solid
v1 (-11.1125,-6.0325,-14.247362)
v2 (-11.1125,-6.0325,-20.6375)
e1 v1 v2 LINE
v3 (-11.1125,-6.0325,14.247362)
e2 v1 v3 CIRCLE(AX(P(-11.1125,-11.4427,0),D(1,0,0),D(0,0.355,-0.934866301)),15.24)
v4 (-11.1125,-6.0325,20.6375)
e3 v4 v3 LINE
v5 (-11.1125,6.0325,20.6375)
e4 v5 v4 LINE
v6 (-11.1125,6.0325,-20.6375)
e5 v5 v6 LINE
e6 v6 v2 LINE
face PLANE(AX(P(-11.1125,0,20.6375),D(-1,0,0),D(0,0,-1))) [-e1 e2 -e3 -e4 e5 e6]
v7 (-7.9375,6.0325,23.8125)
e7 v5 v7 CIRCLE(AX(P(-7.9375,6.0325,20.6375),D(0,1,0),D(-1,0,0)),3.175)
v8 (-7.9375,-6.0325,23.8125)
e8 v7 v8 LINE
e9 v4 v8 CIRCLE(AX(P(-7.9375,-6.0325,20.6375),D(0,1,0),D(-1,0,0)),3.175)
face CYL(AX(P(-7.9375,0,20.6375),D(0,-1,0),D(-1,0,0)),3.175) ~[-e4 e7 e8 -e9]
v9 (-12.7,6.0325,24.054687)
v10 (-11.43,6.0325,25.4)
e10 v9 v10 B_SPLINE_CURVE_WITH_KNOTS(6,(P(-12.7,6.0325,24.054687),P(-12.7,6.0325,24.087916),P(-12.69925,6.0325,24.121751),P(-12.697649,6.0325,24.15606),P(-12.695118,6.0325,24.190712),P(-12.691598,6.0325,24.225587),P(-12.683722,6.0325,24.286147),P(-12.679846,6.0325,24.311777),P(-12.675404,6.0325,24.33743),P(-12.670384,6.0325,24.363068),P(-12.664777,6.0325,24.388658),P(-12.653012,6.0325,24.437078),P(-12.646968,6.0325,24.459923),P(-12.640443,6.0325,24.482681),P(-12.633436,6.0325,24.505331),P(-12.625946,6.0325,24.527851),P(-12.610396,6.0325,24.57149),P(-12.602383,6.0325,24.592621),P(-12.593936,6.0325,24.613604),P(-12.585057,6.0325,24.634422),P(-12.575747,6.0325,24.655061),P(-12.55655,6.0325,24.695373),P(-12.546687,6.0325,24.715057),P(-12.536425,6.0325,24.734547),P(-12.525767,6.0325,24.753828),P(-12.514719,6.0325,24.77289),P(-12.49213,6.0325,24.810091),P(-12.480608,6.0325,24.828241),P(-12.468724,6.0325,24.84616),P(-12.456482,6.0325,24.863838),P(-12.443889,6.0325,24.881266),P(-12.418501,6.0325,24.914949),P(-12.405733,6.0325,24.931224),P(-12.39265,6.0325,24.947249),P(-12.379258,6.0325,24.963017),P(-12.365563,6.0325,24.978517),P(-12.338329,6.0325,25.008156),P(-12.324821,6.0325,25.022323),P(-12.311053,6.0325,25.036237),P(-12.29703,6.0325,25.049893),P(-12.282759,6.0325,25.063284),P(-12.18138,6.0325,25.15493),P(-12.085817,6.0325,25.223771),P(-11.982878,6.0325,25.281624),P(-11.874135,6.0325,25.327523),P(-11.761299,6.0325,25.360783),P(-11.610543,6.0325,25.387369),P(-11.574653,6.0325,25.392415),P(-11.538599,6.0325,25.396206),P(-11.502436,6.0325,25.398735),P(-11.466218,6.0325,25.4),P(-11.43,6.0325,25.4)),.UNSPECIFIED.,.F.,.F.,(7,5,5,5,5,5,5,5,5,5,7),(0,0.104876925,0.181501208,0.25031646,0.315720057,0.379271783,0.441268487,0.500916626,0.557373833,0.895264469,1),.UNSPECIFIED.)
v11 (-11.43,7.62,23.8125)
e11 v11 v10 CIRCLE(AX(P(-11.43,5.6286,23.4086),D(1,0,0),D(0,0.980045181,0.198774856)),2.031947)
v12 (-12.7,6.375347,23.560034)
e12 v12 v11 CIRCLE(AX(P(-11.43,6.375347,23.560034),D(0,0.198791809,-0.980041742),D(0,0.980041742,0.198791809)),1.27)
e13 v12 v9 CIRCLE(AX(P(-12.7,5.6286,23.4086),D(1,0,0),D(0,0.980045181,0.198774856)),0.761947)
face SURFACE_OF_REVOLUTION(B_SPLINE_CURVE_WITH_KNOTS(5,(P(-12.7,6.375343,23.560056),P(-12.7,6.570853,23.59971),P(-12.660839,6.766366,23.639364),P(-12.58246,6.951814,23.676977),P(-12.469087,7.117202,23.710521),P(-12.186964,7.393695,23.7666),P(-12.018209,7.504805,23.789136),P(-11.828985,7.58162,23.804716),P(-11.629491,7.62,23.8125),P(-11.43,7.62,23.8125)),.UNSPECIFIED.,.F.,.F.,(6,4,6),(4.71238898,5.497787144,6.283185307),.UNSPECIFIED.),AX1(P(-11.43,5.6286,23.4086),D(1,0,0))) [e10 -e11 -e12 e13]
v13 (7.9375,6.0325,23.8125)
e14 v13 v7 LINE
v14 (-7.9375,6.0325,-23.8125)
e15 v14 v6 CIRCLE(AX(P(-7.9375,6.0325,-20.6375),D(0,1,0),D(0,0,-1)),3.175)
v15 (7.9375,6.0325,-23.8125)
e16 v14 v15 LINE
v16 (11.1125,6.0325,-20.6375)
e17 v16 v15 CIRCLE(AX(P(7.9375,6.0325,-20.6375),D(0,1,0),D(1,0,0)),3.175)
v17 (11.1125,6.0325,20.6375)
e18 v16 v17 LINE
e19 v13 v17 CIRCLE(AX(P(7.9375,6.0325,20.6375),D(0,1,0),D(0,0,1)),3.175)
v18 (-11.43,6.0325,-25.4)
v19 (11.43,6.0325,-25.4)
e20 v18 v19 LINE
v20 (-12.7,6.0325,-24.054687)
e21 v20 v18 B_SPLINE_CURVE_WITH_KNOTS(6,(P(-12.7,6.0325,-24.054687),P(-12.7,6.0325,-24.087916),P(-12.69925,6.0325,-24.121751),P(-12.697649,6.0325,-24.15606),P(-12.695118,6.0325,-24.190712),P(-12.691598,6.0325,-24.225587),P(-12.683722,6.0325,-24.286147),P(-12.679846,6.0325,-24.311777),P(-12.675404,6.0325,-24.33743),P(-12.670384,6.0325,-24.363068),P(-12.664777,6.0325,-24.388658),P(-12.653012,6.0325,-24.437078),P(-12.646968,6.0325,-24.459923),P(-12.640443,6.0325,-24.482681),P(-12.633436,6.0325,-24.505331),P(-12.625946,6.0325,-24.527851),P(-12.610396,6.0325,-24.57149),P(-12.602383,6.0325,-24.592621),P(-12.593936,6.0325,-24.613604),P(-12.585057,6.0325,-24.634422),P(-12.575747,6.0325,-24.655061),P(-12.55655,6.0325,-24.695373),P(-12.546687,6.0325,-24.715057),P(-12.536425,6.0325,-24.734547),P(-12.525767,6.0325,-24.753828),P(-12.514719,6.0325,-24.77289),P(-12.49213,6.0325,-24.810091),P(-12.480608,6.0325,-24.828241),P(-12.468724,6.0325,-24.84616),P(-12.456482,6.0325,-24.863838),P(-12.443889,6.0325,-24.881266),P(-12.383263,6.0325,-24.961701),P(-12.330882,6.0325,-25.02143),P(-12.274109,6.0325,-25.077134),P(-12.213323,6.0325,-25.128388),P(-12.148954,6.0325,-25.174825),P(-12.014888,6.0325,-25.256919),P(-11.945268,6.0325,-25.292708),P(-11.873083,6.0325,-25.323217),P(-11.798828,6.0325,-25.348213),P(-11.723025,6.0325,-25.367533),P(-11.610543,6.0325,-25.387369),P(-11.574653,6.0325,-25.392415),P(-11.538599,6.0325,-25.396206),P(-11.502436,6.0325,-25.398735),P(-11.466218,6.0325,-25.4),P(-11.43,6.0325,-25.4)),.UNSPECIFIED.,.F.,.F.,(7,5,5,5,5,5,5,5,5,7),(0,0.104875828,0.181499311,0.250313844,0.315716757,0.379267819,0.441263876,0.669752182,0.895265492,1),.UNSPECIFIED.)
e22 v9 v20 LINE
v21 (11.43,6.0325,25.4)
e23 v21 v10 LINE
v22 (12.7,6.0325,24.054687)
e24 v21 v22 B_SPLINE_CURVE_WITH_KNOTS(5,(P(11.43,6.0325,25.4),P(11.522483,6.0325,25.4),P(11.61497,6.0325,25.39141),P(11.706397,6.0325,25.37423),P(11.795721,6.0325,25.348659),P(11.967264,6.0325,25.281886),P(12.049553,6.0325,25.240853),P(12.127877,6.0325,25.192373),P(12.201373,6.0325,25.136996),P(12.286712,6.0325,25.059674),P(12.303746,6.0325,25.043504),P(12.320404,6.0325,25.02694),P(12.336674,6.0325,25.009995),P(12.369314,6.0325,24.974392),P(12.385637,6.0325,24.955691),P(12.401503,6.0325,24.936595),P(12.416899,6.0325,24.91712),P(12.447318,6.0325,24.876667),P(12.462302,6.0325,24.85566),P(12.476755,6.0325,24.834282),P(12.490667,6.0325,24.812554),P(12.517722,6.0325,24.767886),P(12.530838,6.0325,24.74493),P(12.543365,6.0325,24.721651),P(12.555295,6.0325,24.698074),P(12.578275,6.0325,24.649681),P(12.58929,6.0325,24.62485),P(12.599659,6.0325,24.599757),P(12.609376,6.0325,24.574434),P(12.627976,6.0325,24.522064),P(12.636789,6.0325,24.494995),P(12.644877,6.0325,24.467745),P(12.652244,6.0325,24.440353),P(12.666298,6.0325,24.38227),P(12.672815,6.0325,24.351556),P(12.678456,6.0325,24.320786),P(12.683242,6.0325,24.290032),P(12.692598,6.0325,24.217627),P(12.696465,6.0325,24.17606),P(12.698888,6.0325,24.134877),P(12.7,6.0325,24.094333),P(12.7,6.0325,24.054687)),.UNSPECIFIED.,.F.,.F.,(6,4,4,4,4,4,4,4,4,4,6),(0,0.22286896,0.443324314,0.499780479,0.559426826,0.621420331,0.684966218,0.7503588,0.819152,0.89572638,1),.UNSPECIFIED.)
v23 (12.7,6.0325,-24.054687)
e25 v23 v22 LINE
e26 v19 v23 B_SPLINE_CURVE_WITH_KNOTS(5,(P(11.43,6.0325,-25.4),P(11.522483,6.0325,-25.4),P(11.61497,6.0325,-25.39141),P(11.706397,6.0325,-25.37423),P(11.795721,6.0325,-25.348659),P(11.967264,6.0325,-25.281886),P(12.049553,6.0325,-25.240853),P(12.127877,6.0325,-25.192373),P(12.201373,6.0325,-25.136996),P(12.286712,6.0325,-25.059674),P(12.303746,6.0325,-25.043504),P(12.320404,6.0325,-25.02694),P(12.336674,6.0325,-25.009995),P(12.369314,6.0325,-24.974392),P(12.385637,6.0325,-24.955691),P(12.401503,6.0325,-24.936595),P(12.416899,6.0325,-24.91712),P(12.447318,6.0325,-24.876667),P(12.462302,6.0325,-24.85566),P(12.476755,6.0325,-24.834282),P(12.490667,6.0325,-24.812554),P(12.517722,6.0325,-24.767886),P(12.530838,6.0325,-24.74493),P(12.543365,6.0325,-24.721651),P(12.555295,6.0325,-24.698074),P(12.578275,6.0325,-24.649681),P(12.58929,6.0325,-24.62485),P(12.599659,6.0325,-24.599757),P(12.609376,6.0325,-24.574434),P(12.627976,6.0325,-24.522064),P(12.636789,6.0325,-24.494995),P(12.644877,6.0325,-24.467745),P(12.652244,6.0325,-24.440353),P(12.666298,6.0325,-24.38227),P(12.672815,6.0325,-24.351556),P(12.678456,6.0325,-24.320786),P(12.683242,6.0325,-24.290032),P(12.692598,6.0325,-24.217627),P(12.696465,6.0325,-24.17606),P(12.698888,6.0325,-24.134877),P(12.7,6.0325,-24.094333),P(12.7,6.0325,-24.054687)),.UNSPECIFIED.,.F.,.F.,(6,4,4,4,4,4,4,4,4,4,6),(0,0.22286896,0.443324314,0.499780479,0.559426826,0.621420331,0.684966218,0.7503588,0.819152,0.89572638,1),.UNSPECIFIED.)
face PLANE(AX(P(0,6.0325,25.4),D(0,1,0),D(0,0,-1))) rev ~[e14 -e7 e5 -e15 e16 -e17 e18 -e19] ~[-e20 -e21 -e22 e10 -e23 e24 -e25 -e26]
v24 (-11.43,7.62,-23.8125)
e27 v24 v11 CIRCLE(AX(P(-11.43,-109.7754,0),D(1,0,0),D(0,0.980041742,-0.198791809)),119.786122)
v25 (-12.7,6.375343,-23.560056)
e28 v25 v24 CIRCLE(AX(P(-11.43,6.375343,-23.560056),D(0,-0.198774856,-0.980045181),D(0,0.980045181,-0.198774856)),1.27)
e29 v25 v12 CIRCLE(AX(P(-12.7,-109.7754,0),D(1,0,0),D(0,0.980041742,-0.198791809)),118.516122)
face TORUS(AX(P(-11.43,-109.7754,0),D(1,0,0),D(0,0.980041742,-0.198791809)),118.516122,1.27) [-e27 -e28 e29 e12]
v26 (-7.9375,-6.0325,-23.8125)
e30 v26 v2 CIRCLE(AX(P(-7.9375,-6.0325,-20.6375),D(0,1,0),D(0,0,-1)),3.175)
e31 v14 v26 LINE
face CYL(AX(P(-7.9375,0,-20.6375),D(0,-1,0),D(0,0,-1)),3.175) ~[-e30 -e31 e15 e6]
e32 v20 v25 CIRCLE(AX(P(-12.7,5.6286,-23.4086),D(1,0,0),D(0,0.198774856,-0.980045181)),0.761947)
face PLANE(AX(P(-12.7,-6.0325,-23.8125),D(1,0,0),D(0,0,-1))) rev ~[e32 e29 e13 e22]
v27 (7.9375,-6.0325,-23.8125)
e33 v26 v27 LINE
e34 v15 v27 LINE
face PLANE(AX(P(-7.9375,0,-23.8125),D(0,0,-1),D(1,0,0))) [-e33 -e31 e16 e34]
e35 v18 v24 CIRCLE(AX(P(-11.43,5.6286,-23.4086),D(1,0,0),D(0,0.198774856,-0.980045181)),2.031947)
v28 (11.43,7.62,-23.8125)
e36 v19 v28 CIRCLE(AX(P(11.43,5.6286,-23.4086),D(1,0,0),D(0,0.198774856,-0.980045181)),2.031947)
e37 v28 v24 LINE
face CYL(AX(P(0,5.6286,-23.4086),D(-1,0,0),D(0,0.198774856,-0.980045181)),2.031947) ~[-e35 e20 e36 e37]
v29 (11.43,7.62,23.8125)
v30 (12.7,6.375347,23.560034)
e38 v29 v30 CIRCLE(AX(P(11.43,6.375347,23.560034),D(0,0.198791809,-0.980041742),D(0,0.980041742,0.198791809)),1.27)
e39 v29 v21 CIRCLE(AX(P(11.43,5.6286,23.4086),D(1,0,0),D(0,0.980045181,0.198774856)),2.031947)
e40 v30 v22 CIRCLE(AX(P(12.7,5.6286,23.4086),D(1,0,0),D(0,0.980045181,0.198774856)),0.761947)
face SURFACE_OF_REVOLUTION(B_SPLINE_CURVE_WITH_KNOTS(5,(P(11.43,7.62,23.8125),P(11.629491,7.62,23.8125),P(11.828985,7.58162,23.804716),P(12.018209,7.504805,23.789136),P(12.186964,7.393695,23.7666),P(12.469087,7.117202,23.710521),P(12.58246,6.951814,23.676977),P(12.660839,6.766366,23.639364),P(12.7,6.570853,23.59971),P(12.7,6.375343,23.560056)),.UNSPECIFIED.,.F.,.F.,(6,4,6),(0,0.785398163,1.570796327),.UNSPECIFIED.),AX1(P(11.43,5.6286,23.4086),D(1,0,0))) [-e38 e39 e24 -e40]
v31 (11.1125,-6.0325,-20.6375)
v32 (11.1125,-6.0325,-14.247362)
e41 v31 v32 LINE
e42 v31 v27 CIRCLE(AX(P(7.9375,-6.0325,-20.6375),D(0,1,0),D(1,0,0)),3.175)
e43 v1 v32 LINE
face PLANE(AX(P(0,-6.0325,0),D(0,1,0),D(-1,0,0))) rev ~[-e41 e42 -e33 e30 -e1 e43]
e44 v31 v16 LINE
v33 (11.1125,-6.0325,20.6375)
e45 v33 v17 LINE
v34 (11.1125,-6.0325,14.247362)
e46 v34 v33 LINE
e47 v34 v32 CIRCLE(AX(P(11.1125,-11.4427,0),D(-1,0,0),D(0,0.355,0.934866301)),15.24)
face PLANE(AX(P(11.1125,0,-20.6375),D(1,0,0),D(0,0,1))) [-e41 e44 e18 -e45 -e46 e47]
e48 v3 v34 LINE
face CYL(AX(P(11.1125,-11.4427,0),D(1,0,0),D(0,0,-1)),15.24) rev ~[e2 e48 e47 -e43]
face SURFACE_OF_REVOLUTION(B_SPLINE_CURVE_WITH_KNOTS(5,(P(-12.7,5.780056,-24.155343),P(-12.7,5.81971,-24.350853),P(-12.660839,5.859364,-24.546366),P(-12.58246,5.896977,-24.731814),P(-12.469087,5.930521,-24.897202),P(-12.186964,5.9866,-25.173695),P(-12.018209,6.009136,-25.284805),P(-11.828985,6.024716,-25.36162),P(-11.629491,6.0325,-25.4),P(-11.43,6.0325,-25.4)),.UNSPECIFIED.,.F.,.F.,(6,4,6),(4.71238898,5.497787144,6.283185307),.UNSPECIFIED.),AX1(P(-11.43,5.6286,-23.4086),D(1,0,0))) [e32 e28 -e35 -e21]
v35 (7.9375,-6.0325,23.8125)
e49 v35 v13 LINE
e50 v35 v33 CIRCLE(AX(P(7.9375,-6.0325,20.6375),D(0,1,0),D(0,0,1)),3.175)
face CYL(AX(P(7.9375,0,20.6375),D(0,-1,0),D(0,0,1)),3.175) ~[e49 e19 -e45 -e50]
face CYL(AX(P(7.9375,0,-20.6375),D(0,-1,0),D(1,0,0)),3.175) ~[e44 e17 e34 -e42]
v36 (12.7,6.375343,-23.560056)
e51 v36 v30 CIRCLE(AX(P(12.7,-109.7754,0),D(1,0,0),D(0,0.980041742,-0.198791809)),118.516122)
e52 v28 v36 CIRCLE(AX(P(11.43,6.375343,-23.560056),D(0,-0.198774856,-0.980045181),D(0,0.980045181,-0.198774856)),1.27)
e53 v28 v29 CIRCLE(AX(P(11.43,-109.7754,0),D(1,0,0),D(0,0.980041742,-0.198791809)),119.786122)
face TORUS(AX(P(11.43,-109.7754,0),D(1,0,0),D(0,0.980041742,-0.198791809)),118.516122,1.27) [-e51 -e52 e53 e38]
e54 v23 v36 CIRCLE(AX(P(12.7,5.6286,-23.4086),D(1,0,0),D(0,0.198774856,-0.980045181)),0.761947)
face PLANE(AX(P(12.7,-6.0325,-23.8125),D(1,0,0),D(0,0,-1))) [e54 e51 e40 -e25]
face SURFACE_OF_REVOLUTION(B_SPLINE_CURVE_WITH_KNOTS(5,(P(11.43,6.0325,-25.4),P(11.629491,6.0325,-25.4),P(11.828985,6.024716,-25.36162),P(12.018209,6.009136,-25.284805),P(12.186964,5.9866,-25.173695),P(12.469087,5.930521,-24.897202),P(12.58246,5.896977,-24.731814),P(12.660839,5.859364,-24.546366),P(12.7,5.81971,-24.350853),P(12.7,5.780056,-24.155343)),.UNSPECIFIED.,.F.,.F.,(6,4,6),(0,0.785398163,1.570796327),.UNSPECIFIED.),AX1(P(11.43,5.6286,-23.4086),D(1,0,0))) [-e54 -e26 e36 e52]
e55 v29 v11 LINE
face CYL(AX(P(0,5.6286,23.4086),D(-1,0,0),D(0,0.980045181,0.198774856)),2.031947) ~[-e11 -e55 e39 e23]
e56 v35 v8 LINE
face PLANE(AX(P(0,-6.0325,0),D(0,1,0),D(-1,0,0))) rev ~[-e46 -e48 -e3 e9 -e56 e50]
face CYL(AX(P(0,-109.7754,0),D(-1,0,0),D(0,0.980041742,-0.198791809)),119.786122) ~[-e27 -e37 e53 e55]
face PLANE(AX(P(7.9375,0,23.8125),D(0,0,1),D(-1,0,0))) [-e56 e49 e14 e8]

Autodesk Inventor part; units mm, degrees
ref_plane "YZ Plane" through (0, 0, 0) normal (1, 0, 0) x (0, 1, 0)
ref_plane "XZ Plane" through (0, 0, 0) normal (0, 1, 0) x (-1, 0, 0)
ref_plane "XY Plane" through (0, 0, 0) normal (0, 0, 1) x (1, 0, 0)
sketch "Sketch1" plane through (0, 0, 0) normal (0, 1, 0) x (-1, 0, 0)
  line L0 (-7.9375, 23.8125) -> (7.9375, 23.8125)
  line L1 (11.1125, 20.6375) -> (11.1125, -20.6375)
  line L2 (7.9375, -23.8125) -> (-7.9375, -23.8125)
  line L3 (-11.1125, -20.6375) -> (-11.1125, 20.6375)
  line L4 (-11.1125, 23.8125) -> (11.1125, -23.8125) construction
  line L5 (11.1125, 23.8125) -> (-11.1125, -23.8125) construction
  arc A0 (7.9375, -23.8125) -> (11.1125, -20.6375) centre (7.9375, -20.6375) ccw
  arc A1 (-11.1125, -20.6375) -> (-7.9375, -23.8125) centre (-7.9375, -20.6375) ccw
  arc A2 (-7.9375, 23.8125) -> (-11.1125, 20.6375) centre (-7.9375, 20.6375) ccw
  arc A3 (11.1125, 20.6375) -> (7.9375, 23.8125) centre (7.9375, 20.6375) ccw
  point P0 (0, 0)
  dimension "d0" = 47.625
  dimension "d1" = 22.225
  dimension "d15" = 3.175
extrude "Extrusion1" add sketch "Sketch1" along normal mid plane 12.065
sketch "Sketch3" plane through (0, -6.0325, -23.8125) normal (1, 0, 0) x (0, 0, -1)
  line L0 (-44.45, 12.065) -> (-3.175, 12.065) projected
  line L1 (-3.175, 0) -> (-44.45, 0) projected
  line L2 (-49.2125, 12.065) -> (1.5875, 12.065)
  arc A0 (-47.625, 13.6525) -> (-49.2125, 12.065) centre (-47.2211, 11.6611) ccw
  arc A1 (1.5875, 12.065) -> (0, 13.6525) centre (-0.4039, 11.6611) ccw
  arc A2 (0, 13.6525) -> (-47.625, 13.6525) centre (-23.8125, -103.7429) ccw
  line L3 (-3.175, 12.065) -> (-3.175, 0) projected
  line L4 (-44.45, 12.065) -> (-44.45, 0) projected
  point P0 (-23.8125, 6.0325)
  point P1 (-47.625, 12.065)
  dimension "d5" = 50.8
  dimension "d9" = 1.5875
  dimension "d13" = 2.032
  dimension "d14" = 2.032
extrude "Extrusion2" add sketch "Sketch3" along normal mid plane 25.4 contours L2 A0 A2 A1 L0
fillet "Fillet1" radius 1.27 6 edges at (-12.7, 7.0654, -24.8454) (-12.7, 7.0654, 24.8454) (-12.7, 10.0107, 0) (12.7, 7.0654, 24.8454) (12.7, 7.0654, -24.8454) (12.7, 10.0107, 0)
sketch "Sketch4" plane through (11.1125, -6.0325, 20.6375) normal (1, 0, 0) x (0, 0, -1)
  line L0 (41.275, 12.065) -> (0, 12.065) projected
  line L1 (20.6375, 12.065) -> (20.6375, -5.4102)
  circle A0 centre (20.6375, -5.4102) radius 15.24
  point P0 (20.6375, 6.0325)
  dimension "d17" = 17.4752
  dimension "d18" = 30.48
extrude "Extrusion3" cut sketch "Sketch4" against normal blind 127
properties part number "ARM_087_IntakeSideCap(WithCutout)" material "ABS Plastic"
